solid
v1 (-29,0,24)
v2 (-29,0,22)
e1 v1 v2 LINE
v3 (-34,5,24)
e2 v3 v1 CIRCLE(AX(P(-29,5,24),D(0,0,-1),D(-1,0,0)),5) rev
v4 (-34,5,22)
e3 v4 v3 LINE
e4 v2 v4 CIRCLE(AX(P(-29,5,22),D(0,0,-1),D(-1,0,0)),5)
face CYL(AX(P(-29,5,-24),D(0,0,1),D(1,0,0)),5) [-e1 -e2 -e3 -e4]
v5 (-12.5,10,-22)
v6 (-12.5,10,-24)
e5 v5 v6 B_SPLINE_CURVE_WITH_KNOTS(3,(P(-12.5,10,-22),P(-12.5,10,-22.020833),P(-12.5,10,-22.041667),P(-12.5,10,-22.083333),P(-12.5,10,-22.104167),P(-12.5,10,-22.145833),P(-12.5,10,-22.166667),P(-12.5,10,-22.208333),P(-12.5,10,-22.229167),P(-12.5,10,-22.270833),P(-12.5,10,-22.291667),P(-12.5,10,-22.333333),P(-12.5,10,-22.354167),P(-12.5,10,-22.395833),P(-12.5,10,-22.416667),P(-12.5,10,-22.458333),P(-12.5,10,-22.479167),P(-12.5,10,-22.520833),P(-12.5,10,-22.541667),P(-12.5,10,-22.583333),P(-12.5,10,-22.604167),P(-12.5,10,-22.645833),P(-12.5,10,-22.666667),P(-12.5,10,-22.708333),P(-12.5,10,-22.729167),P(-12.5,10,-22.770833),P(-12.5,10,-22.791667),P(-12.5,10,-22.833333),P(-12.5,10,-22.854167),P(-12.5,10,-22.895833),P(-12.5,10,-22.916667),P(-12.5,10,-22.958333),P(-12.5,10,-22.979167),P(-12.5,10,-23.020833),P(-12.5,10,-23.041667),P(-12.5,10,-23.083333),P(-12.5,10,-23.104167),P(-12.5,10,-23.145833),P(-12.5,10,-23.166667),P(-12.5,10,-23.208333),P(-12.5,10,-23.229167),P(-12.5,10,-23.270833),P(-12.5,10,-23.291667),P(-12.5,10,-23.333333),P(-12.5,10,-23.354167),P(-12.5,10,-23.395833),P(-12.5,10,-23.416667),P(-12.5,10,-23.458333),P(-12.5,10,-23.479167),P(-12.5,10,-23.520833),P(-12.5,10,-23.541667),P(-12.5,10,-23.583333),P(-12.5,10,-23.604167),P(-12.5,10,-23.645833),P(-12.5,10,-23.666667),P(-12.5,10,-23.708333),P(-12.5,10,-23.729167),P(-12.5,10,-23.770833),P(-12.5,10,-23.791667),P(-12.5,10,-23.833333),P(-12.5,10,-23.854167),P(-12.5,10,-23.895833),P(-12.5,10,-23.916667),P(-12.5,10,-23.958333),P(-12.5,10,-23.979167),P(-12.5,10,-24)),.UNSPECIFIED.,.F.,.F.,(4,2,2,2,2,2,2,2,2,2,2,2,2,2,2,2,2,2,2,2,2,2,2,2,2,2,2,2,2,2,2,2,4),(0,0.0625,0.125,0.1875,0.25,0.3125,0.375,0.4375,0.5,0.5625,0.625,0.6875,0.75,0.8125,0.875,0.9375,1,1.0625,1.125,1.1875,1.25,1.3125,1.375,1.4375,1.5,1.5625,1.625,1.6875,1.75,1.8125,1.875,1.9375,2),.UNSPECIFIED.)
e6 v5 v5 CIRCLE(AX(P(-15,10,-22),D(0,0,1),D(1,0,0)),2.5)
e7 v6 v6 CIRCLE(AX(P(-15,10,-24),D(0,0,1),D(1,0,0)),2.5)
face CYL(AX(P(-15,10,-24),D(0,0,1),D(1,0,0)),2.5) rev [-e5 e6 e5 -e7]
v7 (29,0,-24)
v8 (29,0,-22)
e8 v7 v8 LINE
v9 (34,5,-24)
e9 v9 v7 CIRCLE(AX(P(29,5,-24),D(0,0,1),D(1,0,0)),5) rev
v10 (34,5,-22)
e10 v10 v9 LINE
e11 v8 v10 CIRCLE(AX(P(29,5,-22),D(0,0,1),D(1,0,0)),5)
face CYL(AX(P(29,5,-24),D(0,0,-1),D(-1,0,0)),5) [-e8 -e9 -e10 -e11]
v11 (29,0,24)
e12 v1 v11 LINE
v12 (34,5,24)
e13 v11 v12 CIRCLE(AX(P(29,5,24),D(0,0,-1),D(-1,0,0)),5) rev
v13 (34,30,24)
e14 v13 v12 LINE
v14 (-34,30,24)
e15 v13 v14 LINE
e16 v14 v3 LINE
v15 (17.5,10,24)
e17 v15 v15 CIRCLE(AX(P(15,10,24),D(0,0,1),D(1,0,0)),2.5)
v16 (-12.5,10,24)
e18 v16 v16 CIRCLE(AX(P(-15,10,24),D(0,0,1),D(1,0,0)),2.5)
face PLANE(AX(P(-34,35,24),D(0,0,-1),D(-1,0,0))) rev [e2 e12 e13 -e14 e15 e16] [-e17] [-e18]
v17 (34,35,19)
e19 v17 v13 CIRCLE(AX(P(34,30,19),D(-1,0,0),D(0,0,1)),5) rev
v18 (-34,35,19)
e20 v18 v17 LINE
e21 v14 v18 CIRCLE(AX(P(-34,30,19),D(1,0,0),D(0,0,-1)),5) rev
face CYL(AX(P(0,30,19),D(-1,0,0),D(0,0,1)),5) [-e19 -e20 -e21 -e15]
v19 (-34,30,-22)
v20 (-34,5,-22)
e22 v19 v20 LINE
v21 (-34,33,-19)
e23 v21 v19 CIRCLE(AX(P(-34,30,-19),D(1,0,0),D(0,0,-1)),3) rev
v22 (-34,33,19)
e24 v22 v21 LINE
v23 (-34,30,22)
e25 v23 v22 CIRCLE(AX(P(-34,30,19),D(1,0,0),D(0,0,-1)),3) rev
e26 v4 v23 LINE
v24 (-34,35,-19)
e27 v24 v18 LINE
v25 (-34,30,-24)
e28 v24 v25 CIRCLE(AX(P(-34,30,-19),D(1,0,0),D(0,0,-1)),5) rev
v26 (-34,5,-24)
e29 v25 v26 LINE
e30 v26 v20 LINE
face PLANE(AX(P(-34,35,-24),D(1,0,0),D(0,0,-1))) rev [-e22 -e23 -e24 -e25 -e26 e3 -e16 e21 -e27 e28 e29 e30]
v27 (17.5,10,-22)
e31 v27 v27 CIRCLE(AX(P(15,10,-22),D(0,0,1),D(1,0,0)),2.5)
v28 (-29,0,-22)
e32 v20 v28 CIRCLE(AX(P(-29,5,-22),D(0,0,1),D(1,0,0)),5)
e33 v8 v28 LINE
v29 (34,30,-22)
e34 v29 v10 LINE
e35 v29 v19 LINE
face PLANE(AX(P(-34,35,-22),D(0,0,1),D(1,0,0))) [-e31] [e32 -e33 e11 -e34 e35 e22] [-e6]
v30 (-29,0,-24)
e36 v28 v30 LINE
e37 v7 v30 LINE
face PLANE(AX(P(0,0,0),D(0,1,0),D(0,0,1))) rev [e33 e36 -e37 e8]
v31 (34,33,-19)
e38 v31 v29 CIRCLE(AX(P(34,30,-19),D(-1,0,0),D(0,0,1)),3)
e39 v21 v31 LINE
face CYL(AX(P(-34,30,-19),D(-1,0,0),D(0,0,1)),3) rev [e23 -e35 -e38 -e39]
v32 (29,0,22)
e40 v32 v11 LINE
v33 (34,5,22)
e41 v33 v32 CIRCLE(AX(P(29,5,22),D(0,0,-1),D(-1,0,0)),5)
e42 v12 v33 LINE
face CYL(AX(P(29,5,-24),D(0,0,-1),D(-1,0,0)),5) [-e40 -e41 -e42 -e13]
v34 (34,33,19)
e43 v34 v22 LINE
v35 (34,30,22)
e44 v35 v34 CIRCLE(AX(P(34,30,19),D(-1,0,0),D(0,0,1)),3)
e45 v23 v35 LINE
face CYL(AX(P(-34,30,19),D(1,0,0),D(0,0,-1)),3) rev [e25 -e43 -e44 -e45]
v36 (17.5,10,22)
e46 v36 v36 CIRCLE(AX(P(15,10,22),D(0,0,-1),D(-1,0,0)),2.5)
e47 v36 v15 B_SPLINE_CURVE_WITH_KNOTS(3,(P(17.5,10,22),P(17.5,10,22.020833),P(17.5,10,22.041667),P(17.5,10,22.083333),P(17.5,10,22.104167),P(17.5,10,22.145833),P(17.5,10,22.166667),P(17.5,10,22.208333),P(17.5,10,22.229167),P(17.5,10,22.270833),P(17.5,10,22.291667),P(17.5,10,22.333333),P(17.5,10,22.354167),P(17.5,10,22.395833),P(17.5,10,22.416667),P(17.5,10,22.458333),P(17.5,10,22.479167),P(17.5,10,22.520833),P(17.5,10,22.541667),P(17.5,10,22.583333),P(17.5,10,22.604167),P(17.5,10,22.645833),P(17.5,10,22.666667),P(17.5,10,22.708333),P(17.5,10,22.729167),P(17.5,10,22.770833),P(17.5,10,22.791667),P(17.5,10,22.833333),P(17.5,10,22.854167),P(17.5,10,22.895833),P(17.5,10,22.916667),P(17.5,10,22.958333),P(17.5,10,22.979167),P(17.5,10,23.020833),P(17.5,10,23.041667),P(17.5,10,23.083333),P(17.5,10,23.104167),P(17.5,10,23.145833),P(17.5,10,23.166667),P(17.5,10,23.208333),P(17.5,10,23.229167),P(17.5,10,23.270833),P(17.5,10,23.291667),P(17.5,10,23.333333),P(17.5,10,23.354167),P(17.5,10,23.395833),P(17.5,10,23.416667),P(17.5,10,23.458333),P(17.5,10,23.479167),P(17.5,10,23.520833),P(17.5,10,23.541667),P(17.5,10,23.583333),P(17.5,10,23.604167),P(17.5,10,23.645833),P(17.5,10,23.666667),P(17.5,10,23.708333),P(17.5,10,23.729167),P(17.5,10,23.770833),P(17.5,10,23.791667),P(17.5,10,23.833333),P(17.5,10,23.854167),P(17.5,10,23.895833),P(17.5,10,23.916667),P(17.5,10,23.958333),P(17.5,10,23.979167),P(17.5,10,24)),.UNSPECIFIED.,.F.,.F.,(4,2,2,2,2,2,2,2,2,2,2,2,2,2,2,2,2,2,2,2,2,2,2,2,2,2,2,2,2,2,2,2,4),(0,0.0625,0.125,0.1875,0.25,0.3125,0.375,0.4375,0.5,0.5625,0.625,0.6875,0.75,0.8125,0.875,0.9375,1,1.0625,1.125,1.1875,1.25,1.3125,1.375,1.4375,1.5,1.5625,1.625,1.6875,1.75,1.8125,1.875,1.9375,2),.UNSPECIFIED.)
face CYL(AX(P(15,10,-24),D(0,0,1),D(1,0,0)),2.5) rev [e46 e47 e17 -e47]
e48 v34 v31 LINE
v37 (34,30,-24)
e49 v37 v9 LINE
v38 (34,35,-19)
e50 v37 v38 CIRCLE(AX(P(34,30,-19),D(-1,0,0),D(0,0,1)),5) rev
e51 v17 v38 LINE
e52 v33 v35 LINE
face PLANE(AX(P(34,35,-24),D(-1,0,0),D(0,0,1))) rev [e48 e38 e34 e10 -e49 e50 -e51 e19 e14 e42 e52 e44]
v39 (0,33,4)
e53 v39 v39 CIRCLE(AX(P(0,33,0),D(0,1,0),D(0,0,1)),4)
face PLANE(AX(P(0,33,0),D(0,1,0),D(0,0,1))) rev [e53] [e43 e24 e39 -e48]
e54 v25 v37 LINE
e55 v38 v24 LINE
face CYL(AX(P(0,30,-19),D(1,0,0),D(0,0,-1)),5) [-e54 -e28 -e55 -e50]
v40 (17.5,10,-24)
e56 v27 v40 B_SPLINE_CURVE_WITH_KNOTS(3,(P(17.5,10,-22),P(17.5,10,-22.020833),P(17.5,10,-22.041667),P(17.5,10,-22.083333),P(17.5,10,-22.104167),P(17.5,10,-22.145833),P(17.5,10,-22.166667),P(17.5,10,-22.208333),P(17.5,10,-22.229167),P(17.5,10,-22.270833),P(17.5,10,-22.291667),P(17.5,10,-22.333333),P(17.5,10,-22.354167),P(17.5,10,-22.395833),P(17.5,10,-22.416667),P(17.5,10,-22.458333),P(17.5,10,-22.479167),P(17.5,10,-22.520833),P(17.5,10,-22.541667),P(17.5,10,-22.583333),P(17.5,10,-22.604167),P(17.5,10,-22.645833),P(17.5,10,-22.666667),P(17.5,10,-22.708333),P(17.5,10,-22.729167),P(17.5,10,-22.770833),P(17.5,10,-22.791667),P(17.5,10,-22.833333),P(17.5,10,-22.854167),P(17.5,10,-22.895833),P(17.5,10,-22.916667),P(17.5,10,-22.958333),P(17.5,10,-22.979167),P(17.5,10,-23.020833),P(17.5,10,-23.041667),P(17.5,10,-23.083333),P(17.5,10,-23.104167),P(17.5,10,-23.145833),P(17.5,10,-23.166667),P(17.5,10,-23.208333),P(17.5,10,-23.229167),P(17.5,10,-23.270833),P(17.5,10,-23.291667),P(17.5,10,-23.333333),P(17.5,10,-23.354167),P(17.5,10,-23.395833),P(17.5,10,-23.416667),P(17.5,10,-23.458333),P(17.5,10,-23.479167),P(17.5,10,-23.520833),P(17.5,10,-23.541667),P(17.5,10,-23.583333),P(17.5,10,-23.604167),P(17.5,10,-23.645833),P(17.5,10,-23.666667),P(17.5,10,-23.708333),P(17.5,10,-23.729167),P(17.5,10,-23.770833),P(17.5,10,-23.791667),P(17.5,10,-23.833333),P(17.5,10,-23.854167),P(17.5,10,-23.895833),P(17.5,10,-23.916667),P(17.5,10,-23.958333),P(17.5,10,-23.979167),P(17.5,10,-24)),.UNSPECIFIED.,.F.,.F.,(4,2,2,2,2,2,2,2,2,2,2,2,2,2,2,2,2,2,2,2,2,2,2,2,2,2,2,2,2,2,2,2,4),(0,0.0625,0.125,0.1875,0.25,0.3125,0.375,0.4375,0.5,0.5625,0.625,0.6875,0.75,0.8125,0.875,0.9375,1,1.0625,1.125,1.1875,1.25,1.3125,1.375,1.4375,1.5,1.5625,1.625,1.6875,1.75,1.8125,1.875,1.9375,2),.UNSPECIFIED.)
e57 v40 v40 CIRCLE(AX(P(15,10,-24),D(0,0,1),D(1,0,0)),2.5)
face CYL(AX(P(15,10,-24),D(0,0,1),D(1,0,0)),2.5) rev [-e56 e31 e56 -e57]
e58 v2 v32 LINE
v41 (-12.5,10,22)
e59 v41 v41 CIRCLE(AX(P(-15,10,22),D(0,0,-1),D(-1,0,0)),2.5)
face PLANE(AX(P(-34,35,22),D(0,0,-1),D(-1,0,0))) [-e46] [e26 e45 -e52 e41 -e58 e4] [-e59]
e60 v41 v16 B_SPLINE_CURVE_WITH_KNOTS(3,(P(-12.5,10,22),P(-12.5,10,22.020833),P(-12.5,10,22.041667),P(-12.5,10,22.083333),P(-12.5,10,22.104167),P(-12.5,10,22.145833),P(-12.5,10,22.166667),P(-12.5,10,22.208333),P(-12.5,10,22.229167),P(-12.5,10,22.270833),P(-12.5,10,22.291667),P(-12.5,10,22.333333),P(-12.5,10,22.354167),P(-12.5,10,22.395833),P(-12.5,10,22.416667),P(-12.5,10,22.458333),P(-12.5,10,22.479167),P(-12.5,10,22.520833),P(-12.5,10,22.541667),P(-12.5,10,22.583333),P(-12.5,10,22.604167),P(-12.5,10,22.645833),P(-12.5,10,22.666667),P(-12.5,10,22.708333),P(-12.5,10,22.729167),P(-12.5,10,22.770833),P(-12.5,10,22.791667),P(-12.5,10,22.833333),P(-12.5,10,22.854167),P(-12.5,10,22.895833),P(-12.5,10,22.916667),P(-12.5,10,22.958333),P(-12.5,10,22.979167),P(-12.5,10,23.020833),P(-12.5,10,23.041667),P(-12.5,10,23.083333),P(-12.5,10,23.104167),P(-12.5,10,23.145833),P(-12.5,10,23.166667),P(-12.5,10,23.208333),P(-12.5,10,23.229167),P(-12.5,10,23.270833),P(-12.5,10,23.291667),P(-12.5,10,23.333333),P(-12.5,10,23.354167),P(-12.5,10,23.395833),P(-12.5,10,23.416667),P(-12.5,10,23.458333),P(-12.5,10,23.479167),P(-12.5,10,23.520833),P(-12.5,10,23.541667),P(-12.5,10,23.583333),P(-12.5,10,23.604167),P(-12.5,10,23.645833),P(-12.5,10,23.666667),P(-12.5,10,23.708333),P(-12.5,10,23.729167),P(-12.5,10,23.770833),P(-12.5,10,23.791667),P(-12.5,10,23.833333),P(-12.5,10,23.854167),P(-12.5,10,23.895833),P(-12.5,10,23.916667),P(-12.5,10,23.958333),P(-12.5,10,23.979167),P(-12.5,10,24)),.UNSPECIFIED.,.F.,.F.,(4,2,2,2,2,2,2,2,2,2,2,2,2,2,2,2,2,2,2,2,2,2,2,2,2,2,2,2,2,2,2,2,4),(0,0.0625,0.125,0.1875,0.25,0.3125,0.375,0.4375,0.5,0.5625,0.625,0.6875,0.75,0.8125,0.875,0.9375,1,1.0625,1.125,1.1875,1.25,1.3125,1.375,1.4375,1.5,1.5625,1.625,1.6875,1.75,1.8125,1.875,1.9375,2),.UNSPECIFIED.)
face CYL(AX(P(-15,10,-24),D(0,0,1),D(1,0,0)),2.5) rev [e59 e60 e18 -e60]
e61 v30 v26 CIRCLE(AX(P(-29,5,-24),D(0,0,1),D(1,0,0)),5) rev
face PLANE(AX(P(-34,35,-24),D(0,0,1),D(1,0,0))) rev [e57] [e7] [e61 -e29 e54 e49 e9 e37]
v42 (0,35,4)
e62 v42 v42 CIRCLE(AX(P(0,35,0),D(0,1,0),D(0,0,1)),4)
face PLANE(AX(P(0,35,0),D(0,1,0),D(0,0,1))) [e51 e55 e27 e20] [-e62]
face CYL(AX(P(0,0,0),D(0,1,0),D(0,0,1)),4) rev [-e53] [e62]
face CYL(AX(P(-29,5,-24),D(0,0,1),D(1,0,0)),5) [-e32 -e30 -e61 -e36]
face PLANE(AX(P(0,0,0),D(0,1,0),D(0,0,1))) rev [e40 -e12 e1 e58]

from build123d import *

# Parameters (mm, degrees)
SKETCH1_W                      = 68
SKETCH1_H                      = 48
BOSS_EXTRUDE1_DEPTH            = 35
SHELL1_T                       = -2
FILLET1_R                      = 5
FILLET2_R                      = 3
CUT_EXTRUDE1_REACH             = 80.467
CUT_EXTRUDE1_DIRECTION_2_REACH = 80.467
CUT_EXTRUDE2_DEPTH             = 55.378304497
CUT_EXTRUDE2_DEPTH_BACK        = 55.378304497
SKETCH3_R                      = 2.5
FILLET3_R                      = 5
SKETCH4_R                      = 4
CUT_EXTRUDE3_DEPTH             = 55.378304497


with BuildPart() as part:
    # Sketch1 → Boss-Extrude1 (new body)
    with BuildSketch(Plane(origin=(0, 0, 0), x_dir=(1, 0, 0), z_dir=(0, 1, 0))):
        Rectangle(SKETCH1_W, SKETCH1_H)
    extrude(amount=BOSS_EXTRUDE1_DEPTH)

    # Shell1
    shell1_openings = [part.faces().sort_by_distance(p)[0] for p in [
        (0, 0, 0),
    ]]
    offset(amount=SHELL1_T, openings=shell1_openings, kind=Kind.INTERSECTION)

    # Fillet1
    fillet1_edges = [part.edges().sort_by_distance(p)[0] for p in [
        (0, 35, 24),
        (0, 35, -24),
    ]]
    fillet(fillet1_edges, radius=FILLET1_R)

    # Fillet2
    fillet2_edges = [part.edges().sort_by_distance(p)[0] for p in [
        (0, 33, -22),
        (0, 33, 22),
    ]]
    fillet(fillet2_edges, radius=FILLET2_R)

    # Sketch2 → Cut-Extrude1 (cut, up to next)
    with BuildSketch(Plane(origin=(-32, 0, 0), x_dir=(0, 0, -1), z_dir=(1, 0, 0)), mode=Mode.PRIVATE) as cut_extrude1_sk1:
        with BuildLine():
            Line((22, 0), (22, 30))
            ThreePointArc((22, 30), (21.121320344, 32.121320344), (19, 33))
            Line((19, 33), (-19, 33))
            ThreePointArc((-19, 33), (-21.121320344, 32.121320344), (-22, 30))
            Line((-22, 30), (-22, 0))
            Line((-22, 0), (22, 0))
        make_face()
    cut_extrude1_tool1 = extrude(cut_extrude1_sk1.sketch, amount=-CUT_EXTRUDE1_REACH, mode=Mode.PRIVATE) & part.part
    add(cut_extrude1_tool1.solids().sort_by_distance((-32, 16.457775, 0))[0], mode=Mode.SUBTRACT)

    # Sketch2 → Cut-Extrude1 direction 2 (cut, up to next)
    with BuildSketch(Plane(origin=(-32, 0, 0), x_dir=(0, 0, -1), z_dir=(1, 0, 0)), mode=Mode.PRIVATE) as cut_extrude1_direction_2_sk1:
        with BuildLine():
            Line((22, 0), (22, 30))
            ThreePointArc((22, 30), (21.121320344, 32.121320344), (19, 33))
            Line((19, 33), (-19, 33))
            ThreePointArc((-19, 33), (-21.121320344, 32.121320344), (-22, 30))
            Line((-22, 30), (-22, 0))
            Line((-22, 0), (22, 0))
        make_face()
    cut_extrude1_direction_2_tool1 = extrude(cut_extrude1_direction_2_sk1.sketch, amount=CUT_EXTRUDE1_DIRECTION_2_REACH, mode=Mode.PRIVATE) & part.part
    add(cut_extrude1_direction_2_tool1.solids().sort_by_distance((-32, 16.457775, 0))[0], mode=Mode.SUBTRACT)

    # Sketch3 → Cut-Extrude2 (cut, two sides: drawn at the far end of the back side and taken through both)
    with BuildSketch(Plane.XY.offset(-CUT_EXTRUDE2_DEPTH_BACK)):
        with Locations((-15, 10)):
            Circle(SKETCH3_R)
        with Locations((15, 10)):
            Circle(SKETCH3_R)
    extrude(amount=CUT_EXTRUDE2_DEPTH + CUT_EXTRUDE2_DEPTH_BACK, mode=Mode.SUBTRACT)

    # Fillet3
    fillet3_edges = [part.edges().sort_by_distance(p)[0] for p in [
        (-34, 0, -23),
        (34, 0, -23),
        (-34, 0, 23),
        (34, 0, 23),
    ]]
    fillet(fillet3_edges, radius=FILLET3_R)

    # Sketch4 → Cut-Extrude3 (cut, through all)
    with BuildSketch(Plane(origin=(0, 35, 0), x_dir=(1, 0, 0), z_dir=(0, 1, 0))):
        with Locations(Location((0, 0, 0), (0, 0, 270))):
            Circle(SKETCH4_R)
    extrude(amount=-CUT_EXTRUDE3_DEPTH, mode=Mode.SUBTRACT)


solid = part.part
